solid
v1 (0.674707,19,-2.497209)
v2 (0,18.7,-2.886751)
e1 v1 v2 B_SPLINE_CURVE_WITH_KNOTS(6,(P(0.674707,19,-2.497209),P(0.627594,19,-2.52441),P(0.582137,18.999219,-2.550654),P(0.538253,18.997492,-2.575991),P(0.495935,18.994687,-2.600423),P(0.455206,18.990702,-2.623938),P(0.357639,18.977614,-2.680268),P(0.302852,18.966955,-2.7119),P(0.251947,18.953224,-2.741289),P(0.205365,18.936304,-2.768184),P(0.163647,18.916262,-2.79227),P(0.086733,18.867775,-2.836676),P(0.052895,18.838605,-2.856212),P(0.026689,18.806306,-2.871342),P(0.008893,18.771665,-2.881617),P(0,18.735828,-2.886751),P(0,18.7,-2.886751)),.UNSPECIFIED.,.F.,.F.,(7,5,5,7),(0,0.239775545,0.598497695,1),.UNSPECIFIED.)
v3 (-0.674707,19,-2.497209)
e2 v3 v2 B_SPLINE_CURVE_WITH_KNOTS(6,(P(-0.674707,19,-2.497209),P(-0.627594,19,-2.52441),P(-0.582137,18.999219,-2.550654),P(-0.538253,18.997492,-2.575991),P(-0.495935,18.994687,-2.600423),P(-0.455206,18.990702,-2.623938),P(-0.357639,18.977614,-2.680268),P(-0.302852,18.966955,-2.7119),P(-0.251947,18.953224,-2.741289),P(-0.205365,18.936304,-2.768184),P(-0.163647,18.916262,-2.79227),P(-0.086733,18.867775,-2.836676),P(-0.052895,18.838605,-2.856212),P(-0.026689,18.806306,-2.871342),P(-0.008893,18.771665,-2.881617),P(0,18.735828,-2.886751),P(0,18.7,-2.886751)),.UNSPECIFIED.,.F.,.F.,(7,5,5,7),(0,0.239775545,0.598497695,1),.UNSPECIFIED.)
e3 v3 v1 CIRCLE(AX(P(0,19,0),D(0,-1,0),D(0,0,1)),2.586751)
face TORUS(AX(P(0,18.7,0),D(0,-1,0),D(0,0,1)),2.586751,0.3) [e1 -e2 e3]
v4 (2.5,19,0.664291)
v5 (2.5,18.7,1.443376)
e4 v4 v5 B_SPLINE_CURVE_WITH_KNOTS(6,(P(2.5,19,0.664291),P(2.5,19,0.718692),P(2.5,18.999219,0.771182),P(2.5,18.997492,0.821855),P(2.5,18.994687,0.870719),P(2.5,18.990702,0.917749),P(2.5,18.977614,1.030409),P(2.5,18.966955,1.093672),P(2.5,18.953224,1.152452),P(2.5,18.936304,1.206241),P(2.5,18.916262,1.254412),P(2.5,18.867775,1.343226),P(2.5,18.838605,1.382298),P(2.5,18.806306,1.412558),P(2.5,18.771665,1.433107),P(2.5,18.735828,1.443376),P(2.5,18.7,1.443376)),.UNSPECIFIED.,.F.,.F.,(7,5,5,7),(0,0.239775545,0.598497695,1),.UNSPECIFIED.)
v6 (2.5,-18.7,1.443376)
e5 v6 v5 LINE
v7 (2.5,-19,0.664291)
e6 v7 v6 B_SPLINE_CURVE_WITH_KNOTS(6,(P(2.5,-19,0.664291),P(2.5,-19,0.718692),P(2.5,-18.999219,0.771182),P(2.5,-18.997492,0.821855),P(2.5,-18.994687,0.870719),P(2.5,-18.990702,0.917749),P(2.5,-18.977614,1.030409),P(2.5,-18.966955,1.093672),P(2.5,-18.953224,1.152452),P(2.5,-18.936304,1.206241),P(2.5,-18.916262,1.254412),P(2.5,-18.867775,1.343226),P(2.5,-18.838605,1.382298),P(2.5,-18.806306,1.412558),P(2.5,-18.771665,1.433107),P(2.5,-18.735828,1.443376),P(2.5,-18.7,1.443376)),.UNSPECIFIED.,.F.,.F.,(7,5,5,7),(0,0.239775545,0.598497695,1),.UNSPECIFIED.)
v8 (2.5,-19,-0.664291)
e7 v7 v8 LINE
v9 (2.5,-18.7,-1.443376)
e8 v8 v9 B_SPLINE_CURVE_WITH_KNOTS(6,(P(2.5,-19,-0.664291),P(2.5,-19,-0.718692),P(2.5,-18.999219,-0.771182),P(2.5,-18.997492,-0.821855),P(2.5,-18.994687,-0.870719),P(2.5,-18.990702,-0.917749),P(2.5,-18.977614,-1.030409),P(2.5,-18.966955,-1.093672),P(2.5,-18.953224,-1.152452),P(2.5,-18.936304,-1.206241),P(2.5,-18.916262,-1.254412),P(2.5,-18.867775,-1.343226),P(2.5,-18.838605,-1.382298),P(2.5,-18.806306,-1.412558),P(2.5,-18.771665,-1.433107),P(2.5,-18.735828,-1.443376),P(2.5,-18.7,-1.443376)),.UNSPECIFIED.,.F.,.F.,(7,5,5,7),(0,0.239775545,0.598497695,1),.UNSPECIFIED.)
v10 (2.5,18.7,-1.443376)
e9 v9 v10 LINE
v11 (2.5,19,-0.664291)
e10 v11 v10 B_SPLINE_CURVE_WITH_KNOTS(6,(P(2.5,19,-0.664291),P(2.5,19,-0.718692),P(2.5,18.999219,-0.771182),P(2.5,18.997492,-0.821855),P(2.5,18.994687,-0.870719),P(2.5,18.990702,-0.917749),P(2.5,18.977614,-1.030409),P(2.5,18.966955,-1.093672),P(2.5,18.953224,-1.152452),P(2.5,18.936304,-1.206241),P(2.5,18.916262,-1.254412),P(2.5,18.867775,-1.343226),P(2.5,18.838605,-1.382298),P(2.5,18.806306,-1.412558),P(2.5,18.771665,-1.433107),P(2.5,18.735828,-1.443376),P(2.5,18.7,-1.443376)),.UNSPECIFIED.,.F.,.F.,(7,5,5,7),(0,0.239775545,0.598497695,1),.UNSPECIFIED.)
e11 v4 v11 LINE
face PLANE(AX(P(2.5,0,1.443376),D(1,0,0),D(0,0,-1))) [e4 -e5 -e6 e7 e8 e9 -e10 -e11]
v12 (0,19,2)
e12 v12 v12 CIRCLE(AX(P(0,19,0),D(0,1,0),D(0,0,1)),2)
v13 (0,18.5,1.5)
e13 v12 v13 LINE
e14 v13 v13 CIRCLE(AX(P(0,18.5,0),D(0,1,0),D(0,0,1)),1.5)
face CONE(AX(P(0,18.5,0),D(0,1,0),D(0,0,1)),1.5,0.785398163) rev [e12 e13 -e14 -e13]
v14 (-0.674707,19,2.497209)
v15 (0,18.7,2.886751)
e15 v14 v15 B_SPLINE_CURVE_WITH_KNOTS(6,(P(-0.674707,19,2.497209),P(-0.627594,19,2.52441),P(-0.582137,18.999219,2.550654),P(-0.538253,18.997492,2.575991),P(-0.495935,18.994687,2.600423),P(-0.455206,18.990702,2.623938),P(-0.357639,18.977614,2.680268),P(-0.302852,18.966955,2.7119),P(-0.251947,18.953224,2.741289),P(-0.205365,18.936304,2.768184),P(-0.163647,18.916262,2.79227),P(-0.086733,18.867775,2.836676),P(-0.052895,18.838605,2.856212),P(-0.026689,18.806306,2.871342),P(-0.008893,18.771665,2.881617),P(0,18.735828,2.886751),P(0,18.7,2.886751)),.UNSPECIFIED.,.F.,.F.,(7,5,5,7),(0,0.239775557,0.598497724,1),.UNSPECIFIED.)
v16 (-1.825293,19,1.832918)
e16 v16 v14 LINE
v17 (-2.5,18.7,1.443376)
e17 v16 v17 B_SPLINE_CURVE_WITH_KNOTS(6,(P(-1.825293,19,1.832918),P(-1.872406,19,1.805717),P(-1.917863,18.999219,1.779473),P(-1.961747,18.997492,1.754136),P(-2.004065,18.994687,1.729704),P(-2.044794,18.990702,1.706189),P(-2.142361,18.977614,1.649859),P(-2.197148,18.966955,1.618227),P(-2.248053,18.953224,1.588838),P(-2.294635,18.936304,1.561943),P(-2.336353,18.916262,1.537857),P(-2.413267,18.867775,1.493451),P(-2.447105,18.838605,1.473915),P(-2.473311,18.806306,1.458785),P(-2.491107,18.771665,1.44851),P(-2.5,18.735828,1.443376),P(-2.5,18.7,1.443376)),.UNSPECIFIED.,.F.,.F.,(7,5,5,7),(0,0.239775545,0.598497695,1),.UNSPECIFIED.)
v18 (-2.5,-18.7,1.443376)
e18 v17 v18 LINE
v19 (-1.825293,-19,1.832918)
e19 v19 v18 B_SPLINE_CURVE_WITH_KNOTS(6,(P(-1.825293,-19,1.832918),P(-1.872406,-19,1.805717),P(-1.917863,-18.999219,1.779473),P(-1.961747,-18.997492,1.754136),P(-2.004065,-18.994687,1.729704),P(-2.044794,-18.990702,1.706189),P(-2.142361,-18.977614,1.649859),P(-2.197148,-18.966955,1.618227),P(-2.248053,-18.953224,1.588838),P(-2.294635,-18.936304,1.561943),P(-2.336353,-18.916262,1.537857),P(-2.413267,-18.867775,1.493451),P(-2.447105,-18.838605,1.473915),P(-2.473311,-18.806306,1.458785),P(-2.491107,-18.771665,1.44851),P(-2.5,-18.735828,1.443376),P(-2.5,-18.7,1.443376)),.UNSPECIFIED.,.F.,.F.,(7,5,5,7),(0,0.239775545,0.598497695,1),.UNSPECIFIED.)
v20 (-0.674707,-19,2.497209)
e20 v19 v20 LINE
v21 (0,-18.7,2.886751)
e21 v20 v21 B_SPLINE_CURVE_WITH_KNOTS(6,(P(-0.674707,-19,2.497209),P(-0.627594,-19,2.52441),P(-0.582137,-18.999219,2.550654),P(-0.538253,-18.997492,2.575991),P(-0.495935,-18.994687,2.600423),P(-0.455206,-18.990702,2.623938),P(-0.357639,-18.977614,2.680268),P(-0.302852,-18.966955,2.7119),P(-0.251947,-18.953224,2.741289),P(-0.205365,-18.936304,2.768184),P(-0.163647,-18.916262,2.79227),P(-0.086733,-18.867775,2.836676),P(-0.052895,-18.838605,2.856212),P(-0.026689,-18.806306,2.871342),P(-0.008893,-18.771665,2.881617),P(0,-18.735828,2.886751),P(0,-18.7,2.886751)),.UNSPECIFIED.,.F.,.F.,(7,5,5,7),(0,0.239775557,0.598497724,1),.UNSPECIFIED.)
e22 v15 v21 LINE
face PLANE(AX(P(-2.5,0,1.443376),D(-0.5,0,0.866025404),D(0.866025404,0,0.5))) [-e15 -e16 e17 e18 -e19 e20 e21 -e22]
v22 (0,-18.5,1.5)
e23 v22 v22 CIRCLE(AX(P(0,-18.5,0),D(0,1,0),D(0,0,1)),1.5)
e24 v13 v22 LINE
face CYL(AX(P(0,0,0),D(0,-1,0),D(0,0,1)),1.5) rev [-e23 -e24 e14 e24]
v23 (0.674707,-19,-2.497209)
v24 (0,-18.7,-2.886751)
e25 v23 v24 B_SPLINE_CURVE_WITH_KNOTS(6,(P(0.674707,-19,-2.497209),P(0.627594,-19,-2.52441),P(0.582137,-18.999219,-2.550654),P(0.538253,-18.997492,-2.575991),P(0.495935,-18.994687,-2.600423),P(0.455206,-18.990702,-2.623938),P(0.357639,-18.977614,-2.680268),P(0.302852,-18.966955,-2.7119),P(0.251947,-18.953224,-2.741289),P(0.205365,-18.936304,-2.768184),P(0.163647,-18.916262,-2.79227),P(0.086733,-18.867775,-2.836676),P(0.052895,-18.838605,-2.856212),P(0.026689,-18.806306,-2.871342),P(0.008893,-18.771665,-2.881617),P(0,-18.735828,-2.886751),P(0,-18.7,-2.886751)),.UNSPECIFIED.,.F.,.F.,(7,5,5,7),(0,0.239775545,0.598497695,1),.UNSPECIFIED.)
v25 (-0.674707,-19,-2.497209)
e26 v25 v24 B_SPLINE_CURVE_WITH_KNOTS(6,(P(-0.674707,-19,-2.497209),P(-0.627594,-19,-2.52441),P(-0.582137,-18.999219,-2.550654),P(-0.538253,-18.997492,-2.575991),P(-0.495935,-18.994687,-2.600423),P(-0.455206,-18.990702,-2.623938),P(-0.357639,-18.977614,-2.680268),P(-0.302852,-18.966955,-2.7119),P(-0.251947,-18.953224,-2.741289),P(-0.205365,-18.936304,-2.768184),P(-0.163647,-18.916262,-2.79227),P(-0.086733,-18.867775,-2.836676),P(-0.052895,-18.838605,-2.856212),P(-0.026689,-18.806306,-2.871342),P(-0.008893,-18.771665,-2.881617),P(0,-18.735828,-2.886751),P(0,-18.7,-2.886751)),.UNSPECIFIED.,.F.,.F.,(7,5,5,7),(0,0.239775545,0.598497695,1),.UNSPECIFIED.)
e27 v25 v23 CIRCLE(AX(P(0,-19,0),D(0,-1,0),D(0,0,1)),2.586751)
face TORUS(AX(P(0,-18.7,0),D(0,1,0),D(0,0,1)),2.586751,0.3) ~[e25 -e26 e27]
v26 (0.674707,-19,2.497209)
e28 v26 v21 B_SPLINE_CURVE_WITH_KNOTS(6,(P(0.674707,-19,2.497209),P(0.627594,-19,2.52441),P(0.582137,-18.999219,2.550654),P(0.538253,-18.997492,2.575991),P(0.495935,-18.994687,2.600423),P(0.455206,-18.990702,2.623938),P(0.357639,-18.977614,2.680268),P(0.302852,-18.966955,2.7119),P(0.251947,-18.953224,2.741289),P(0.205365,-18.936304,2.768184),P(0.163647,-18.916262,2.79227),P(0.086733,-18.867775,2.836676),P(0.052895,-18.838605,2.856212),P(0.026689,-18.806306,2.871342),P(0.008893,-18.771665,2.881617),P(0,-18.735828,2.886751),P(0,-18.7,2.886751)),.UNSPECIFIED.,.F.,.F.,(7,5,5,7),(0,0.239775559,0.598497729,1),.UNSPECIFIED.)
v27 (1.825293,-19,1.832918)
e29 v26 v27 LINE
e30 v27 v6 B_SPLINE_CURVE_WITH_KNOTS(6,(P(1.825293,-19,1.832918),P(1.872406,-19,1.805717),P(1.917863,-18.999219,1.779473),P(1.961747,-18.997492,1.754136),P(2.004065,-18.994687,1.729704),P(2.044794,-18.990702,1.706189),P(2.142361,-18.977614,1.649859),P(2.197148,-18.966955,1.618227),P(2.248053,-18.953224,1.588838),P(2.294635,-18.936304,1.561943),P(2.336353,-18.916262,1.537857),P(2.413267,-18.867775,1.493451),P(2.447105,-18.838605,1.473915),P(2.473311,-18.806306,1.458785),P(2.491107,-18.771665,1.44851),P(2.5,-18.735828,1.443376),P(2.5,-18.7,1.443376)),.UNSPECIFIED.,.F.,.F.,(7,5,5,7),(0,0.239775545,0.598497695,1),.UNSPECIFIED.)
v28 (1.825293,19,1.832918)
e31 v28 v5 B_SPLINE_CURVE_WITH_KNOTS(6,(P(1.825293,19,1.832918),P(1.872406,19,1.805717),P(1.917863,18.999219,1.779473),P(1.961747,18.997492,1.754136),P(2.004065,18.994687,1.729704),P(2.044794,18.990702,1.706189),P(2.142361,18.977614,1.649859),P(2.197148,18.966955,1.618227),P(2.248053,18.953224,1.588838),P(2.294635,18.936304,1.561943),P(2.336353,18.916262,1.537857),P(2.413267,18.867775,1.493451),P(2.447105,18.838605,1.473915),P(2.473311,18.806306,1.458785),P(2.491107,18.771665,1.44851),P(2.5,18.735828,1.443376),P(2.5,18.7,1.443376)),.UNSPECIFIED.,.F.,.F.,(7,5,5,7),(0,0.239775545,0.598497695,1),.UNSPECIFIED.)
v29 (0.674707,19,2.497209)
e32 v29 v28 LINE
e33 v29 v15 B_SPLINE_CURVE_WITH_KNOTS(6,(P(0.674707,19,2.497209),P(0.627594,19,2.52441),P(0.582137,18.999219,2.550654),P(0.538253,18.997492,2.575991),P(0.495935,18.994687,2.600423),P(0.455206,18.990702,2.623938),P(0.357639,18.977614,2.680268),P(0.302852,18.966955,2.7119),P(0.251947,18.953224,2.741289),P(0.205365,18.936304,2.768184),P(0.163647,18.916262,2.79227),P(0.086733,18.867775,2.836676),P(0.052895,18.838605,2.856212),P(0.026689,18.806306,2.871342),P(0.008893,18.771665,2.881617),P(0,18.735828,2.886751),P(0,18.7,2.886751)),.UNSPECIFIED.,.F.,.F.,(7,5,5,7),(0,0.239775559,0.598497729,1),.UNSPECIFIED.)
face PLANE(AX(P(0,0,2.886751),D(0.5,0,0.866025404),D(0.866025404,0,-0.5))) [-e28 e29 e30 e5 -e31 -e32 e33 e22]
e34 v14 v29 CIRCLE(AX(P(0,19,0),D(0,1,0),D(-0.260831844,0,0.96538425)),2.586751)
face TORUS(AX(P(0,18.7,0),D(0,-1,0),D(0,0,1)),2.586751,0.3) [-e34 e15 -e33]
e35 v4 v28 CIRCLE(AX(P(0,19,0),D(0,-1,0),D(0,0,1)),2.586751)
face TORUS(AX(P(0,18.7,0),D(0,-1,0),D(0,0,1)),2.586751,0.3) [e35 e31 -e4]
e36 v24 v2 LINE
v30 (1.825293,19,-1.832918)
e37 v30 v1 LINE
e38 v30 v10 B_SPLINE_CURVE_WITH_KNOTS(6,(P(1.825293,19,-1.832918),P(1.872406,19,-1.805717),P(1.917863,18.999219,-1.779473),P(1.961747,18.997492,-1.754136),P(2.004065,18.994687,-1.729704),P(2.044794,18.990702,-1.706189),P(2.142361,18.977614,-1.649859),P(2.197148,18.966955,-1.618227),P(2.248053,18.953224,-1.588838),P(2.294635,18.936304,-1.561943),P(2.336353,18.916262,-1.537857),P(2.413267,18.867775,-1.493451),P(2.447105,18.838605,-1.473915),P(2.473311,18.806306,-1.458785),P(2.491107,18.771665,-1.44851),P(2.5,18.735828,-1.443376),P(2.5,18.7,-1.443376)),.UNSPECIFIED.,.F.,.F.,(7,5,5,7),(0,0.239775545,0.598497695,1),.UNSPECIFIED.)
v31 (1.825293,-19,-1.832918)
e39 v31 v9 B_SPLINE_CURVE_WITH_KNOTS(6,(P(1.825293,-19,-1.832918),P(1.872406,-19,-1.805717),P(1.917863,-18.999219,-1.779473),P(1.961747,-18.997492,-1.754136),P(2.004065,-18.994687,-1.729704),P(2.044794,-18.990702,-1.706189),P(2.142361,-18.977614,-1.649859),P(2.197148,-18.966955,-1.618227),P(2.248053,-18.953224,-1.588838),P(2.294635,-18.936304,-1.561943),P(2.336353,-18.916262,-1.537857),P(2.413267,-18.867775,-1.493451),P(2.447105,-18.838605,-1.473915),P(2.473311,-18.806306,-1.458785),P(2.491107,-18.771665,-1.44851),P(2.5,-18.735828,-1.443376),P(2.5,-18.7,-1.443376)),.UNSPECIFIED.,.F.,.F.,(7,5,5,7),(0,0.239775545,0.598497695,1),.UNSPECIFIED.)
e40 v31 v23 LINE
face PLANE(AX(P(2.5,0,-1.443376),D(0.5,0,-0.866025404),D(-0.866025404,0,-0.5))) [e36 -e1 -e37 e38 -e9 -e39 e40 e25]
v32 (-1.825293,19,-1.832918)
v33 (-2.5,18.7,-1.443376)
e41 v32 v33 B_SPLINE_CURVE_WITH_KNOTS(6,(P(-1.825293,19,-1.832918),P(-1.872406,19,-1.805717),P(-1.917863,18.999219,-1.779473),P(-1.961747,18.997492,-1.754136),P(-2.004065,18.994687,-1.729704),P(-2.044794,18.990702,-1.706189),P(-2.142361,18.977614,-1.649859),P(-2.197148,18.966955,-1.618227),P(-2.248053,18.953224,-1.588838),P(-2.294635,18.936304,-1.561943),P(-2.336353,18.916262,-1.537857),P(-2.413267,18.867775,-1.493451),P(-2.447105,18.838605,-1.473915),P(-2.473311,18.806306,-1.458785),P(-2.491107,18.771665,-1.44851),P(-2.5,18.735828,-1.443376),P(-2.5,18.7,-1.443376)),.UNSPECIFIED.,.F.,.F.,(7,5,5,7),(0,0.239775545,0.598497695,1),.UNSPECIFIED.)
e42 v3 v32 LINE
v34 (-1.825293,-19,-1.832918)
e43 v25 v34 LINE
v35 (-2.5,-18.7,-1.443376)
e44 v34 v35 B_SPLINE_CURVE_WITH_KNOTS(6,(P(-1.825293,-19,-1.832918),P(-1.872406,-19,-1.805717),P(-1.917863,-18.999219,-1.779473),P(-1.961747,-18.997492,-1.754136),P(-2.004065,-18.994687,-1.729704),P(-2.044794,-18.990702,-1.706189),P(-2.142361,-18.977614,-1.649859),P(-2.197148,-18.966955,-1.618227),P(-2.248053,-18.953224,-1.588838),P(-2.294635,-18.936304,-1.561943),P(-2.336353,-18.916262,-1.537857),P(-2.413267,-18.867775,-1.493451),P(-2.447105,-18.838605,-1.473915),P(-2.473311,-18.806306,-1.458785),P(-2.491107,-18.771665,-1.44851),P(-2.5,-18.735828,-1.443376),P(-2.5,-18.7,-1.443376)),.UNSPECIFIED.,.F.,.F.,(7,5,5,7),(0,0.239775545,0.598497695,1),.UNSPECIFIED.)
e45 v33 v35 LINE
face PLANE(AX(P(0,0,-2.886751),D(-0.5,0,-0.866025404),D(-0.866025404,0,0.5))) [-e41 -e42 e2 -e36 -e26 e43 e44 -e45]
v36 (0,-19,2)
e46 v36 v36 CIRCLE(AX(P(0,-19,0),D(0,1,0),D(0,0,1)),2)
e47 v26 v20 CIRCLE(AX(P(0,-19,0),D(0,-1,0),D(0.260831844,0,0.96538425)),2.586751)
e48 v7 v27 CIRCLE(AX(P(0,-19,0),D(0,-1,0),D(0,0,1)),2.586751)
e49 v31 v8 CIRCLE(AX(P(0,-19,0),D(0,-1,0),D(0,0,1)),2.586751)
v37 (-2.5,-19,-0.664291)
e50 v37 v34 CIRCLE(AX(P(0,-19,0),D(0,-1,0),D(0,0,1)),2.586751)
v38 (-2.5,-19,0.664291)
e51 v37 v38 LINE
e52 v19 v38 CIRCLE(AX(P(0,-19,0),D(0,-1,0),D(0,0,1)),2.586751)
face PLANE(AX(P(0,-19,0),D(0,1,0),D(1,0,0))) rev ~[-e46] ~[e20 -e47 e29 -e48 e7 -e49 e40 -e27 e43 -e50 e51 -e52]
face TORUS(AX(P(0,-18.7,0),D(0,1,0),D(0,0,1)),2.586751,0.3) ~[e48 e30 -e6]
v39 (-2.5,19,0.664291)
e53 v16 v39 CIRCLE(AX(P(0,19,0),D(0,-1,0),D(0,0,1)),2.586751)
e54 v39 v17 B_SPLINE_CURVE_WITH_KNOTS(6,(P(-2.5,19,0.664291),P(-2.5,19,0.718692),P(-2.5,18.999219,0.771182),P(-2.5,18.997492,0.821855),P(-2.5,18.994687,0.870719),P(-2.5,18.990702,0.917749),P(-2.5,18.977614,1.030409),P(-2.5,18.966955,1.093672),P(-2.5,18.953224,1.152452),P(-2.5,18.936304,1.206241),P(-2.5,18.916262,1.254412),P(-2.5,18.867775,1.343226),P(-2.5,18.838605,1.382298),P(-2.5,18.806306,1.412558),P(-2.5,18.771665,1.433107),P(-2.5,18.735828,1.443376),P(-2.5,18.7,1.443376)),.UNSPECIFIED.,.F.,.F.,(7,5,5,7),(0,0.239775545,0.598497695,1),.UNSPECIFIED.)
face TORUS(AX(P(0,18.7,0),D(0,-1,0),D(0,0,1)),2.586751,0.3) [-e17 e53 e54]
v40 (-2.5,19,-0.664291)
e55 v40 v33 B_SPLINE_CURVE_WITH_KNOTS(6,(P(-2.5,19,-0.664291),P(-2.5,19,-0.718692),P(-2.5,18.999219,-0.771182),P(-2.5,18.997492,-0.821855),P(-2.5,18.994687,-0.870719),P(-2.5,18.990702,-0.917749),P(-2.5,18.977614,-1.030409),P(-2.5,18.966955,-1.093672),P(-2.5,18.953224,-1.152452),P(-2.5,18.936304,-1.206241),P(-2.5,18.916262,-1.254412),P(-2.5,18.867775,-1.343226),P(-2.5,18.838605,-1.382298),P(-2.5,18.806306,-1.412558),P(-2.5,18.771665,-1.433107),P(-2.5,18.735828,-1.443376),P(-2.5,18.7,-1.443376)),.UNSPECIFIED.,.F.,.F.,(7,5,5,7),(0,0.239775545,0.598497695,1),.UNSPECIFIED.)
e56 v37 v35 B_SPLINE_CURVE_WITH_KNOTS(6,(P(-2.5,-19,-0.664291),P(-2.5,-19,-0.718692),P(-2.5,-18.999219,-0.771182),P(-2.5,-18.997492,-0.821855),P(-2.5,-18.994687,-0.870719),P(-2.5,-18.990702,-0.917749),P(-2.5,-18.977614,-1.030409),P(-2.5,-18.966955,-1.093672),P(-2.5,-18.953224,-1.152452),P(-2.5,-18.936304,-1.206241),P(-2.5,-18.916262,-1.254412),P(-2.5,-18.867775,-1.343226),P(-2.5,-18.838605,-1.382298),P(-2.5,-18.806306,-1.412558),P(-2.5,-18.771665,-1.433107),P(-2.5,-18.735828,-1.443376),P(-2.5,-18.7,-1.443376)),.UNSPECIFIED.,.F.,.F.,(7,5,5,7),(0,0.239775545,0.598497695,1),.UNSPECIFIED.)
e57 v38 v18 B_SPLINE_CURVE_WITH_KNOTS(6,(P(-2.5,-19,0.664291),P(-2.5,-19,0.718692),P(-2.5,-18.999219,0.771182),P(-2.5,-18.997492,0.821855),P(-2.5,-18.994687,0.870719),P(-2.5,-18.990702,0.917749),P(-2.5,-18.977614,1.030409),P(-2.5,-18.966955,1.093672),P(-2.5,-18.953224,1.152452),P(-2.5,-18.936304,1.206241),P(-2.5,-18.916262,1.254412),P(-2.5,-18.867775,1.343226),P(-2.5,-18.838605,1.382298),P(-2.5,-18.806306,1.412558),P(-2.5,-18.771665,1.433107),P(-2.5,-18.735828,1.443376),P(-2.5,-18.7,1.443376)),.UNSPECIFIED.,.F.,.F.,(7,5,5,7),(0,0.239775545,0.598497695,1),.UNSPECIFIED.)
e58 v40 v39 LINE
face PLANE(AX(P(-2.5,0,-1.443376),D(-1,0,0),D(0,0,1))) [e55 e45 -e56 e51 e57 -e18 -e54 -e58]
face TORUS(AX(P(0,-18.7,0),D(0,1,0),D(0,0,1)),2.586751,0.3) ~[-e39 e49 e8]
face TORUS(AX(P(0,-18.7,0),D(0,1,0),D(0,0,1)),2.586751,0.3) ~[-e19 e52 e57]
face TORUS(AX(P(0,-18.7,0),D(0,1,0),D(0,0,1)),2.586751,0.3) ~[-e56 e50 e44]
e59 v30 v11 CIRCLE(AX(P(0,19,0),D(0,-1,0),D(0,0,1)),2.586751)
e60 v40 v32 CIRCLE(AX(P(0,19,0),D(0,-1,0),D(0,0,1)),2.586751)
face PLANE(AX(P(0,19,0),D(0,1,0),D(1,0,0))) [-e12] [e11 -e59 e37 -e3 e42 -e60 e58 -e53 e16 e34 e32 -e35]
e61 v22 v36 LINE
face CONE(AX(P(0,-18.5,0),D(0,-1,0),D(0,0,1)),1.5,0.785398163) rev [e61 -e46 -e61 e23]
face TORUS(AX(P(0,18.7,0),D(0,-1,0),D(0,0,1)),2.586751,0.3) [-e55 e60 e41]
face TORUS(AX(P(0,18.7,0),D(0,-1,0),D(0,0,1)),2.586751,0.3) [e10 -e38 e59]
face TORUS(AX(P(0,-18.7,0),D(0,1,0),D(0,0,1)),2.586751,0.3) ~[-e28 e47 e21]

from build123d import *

# Parameters (mm, degrees)
SKETCH2_R           = 1.5
BOSS_EXTRUDE2_DEPTH = 19
CHAMFER1_SIZE       = 0.5


with BuildPart() as part:
    # Sketch2 → Boss-Extrude2 (new, symmetric)
    with BuildSketch(Plane(origin=(0, 0, 0), x_dir=(1, 0, 0), z_dir=(0, 1, 0))):
        Polygon((0, -2.886751346), (2.5, -1.443375673), (2.5, 1.443375673), (0, 2.886751346), (-2.5, 1.443375673), (-2.5, -1.443375673), align=None)
        with Locations(Location((0, 0, 0), (0, 0, 270))):
            Circle(SKETCH2_R, mode=Mode.SUBTRACT)
    extrude(amount=BOSS_EXTRUDE2_DEPTH, both=True)

    # Chamfer1
    chamfer1_edges = [part.edges().sort_by_distance(p)[0] for p in [
        (0, -19, -1.5),
        (0, 19, -1.5),
    ]]
    chamfer(chamfer1_edges, length=CHAMFER1_SIZE)

    # Sketch4 → Cut-Revolve1 (revolve, cut)
    with BuildSketch(Plane(origin=(0, 0, 0), x_dir=(0, 0, -1), z_dir=(1, 0, 0))):
        with BuildLine():
            Line((-2.886751346, 18.7), (-2.886751346, 19))
            Line((-2.886751346, 19), (-2.586751346, 19))
            ThreePointArc((-2.586751346, 19), (-2.79888338, 18.912132034), (-2.886751346, 18.7))
        make_face()
    cut_revolve1 = revolve(axis=Axis((0, 57.75, 0), (0, -1, 0)), mode=Mode.SUBTRACT)

    # Mirror1: Cut-Revolve1 across plane
    add(cut_revolve1.mirror(Plane.ZX), mode=Mode.SUBTRACT)


solid = part.part
